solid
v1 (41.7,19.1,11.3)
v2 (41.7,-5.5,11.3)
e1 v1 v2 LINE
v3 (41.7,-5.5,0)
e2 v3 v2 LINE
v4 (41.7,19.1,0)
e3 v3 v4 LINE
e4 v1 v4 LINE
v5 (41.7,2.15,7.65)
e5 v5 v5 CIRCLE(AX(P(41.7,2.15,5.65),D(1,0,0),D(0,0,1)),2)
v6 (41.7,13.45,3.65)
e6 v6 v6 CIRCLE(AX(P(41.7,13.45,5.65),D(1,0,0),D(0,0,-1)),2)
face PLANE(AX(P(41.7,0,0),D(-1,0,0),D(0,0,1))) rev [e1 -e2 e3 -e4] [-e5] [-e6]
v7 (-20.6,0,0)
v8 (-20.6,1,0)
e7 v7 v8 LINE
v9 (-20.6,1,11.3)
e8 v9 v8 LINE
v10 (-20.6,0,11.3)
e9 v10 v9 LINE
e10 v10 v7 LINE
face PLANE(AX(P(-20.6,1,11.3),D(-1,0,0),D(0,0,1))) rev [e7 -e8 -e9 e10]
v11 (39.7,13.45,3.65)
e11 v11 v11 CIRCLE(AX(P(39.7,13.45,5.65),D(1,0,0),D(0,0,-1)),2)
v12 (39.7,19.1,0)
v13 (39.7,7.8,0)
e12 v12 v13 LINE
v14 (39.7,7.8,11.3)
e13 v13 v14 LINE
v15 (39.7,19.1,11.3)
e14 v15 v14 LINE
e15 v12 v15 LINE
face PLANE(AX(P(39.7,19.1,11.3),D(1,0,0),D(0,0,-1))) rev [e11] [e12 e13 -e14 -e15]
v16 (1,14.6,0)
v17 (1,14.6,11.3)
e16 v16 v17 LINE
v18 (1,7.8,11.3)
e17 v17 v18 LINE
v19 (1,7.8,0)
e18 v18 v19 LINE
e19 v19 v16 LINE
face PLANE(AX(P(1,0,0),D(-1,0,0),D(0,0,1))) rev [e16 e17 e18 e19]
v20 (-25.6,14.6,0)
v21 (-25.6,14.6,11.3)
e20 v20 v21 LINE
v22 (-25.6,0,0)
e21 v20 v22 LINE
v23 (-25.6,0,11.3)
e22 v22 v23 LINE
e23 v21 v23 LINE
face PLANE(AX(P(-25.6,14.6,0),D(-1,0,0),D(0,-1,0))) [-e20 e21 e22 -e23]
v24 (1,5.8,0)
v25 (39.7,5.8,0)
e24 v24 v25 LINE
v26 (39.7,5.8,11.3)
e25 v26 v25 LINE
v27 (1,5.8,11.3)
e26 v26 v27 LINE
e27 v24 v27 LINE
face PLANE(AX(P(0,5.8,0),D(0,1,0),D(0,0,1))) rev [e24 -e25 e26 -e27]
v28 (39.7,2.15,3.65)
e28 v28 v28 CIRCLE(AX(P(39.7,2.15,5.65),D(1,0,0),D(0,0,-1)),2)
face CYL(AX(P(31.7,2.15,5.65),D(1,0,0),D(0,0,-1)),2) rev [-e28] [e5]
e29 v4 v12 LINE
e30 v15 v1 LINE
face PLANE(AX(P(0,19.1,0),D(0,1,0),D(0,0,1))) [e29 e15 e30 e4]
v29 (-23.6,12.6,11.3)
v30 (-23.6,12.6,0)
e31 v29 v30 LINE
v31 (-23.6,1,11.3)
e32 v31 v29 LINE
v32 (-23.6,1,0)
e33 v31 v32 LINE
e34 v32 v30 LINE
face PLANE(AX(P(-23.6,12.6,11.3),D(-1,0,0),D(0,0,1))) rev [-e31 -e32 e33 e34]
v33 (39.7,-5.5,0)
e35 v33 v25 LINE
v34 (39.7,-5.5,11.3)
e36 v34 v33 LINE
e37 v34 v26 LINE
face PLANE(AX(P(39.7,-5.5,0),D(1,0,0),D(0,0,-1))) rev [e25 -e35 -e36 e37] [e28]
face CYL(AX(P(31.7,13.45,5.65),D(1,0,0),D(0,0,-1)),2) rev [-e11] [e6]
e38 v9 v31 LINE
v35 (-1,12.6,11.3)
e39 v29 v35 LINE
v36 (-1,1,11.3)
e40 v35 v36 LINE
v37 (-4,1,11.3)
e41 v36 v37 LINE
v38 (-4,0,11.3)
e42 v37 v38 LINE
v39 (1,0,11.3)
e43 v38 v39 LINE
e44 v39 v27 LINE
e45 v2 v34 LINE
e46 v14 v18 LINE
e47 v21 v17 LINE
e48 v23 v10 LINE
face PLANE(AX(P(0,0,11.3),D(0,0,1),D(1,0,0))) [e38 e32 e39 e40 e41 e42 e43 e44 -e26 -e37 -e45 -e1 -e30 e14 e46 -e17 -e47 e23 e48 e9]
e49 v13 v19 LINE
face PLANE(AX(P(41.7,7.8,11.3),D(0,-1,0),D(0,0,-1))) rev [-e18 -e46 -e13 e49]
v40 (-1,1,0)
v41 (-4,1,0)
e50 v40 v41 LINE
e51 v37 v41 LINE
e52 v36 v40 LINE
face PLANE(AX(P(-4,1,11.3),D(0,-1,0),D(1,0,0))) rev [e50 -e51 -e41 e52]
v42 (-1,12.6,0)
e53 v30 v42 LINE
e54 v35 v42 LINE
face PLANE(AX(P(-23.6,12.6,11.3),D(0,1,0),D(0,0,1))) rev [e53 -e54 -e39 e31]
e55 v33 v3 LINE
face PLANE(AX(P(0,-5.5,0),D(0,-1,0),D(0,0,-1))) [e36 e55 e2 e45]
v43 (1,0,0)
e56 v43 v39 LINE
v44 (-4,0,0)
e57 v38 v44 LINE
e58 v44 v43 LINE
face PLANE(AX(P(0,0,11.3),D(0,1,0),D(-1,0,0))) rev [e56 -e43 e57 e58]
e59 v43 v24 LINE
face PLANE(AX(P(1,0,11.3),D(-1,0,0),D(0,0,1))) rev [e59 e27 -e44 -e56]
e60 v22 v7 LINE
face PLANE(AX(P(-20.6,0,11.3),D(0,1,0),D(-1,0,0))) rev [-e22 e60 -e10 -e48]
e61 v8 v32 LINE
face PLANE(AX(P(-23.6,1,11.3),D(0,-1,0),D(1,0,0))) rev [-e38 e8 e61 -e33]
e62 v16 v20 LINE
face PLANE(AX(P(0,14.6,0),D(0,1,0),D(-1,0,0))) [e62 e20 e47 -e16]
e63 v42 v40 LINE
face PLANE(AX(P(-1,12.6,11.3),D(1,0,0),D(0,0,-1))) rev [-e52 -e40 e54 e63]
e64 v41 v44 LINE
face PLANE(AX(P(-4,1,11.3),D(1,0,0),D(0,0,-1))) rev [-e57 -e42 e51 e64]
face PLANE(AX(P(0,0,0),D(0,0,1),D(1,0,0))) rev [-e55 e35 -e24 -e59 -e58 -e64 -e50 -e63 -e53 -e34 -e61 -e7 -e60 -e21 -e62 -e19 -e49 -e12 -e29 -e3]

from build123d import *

# Parameters (mm, degrees)
BOSS_EXTRU_1_DEPTH      = 11.3
ESQUISSE2_W             = 8.6
ESQUISSE2_H             = 11.3
BOSS_EXTRU_2_DEPTH      = 1
ESQUISSE8_W             = 11.3
ESQUISSE8_H             = 1
BOSS_EXTRU_5_DEPTH      = 10
ESQUISSE9_W             = 2
ESQUISSE9_H             = 11.3
BOSS_EXTRU_6_DEPTH      = 7.8
ESQUISSE10_W            = 11.3
ESQUISSE10_H            = 2
BOSS_EXTRU_7_DEPTH      = 39.7
ESQUISSE11_W            = 2
ESQUISSE11_H            = 11.3
BOSS_EXTRU_8_DEPTH      = 11.3
ESQUISSE12_W            = 2
ESQUISSE12_H            = 11.3
BOSS_EXTRU_9_DEPTH      = 11.3
BOSS_EXTRU_10_DEPTH     = 11.3
ESQUISSE14_W            = 1
ESQUISSE14_H            = 11.3
BOSS_EXTRU_11_DEPTH     = 5.8
ESQUISSE16_W            = 11.3
ESQUISSE16_H            = 6.8
ENL_V_MAT_EXTRU_1_DEPTH = 1
ESQUISSE19_R            = 2
ENL_V_MAT_EXTRU_3_DEPTH = 10


with BuildPart() as part:
    # Esquisse1 → Boss.-Extru.1 (new body)
    with BuildSketch(Plane.XY):
        Polygon((-20.6, 1), (-20.6, 0), (-24.6, 0), (-24.6, 13.6), (0, 13.6), (0, 0), (-4, 0), (-4, 1), (-1, 1), (-1, 12.6), (-23.6, 12.6), (-23.6, 1), align=None)
    extrude(amount=BOSS_EXTRU_1_DEPTH)

    # Esquisse2 → Boss.-Extru.2 (add)
    with BuildSketch(Plane(origin=(0, 13.6, 0), x_dir=(1, 0, 0), z_dir=(0, 1, 0))):
        with Locations((-12.3, -5.65)):
            Rectangle(ESQUISSE2_W, ESQUISSE2_H)
    extrude(amount=BOSS_EXTRU_2_DEPTH)

    # Esquisse8 → Boss.-Extru.5 (add)
    with BuildSketch(Plane(origin=(-8, 0, 0), x_dir=(0, 0, -1), z_dir=(1, 0, 0))):
        with Locations((-5.65, 14.1)):
            Rectangle(ESQUISSE8_W, ESQUISSE8_H)
    extrude(amount=BOSS_EXTRU_5_DEPTH)

    # Esquisse9 → Boss.-Extru.6 (add)
    with BuildSketch(Plane.XZ.offset(-13.6)):
        with Locations((1, 5.65)):
            Rectangle(ESQUISSE9_W, ESQUISSE9_H)
    extrude(amount=BOSS_EXTRU_6_DEPTH)

    # Esquisse10 → Boss.-Extru.7 (add)
    with BuildSketch(Plane(origin=(2, 0, 0), x_dir=(0, 0, -1), z_dir=(1, 0, 0))):
        with Locations((-5.65, 6.8)):
            Rectangle(ESQUISSE10_W, ESQUISSE10_H)
    extrude(amount=BOSS_EXTRU_7_DEPTH)

    # Esquisse11 → Boss.-Extru.8 (add)
    with BuildSketch(Plane.XZ.offset(-5.8)):
        with Locations((40.7, 5.65)):
            Rectangle(ESQUISSE11_W, ESQUISSE11_H)
    extrude(amount=BOSS_EXTRU_8_DEPTH)

    # Esquisse12 → Boss.-Extru.9 (add)
    with BuildSketch(Plane(origin=(0, 7.8, 0), x_dir=(1, 0, 0), z_dir=(0, 1, 0))):
        with Locations((40.7, -5.65)):
            Rectangle(ESQUISSE12_W, ESQUISSE12_H)
    extrude(amount=BOSS_EXTRU_9_DEPTH)

    # Esquisse13 → Boss.-Extru.10 (add)
    with BuildSketch(Plane.XY.offset(11.3)):
        Polygon((-16.6, 14.6), (-25.6, 14.6), (-25.6, 0), (-24.6, 0), (-24.6, 13.6), (-16.6, 13.6), align=None)
    extrude(amount=-BOSS_EXTRU_10_DEPTH)

    # Esquisse14 → Boss.-Extru.11 (add)
    with BuildSketch(Plane.XZ.offset(-5.8)):
        with Locations((0.5, 5.65)):
            Rectangle(ESQUISSE14_W, ESQUISSE14_H)
    extrude(amount=BOSS_EXTRU_11_DEPTH)

    # Esquisse16 → Enlèv. mat.-Extru.1 (cut)
    with BuildSketch(Plane(origin=(2, 0, 0), x_dir=(0, 0, -1), z_dir=(1, 0, 0))):
        with Locations((-5.65, 11.2)):
            Rectangle(ESQUISSE16_W, ESQUISSE16_H)
    extrude(amount=-ENL_V_MAT_EXTRU_1_DEPTH, mode=Mode.SUBTRACT)

    # Esquisse19 → Enlèv. mat.-Extru.3 (cut)
    with BuildSketch(Plane(origin=(41.7, 0, 0), x_dir=(0, 0, -1), z_dir=(1, 0, 0))):
        with Locations((-5.65, 13.45)):
            Circle(ESQUISSE19_R)
        with Locations((-5.65, 2.15)):
            Circle(ESQUISSE19_R)
    extrude(amount=-ENL_V_MAT_EXTRU_3_DEPTH, mode=Mode.SUBTRACT)


solid = part.part
